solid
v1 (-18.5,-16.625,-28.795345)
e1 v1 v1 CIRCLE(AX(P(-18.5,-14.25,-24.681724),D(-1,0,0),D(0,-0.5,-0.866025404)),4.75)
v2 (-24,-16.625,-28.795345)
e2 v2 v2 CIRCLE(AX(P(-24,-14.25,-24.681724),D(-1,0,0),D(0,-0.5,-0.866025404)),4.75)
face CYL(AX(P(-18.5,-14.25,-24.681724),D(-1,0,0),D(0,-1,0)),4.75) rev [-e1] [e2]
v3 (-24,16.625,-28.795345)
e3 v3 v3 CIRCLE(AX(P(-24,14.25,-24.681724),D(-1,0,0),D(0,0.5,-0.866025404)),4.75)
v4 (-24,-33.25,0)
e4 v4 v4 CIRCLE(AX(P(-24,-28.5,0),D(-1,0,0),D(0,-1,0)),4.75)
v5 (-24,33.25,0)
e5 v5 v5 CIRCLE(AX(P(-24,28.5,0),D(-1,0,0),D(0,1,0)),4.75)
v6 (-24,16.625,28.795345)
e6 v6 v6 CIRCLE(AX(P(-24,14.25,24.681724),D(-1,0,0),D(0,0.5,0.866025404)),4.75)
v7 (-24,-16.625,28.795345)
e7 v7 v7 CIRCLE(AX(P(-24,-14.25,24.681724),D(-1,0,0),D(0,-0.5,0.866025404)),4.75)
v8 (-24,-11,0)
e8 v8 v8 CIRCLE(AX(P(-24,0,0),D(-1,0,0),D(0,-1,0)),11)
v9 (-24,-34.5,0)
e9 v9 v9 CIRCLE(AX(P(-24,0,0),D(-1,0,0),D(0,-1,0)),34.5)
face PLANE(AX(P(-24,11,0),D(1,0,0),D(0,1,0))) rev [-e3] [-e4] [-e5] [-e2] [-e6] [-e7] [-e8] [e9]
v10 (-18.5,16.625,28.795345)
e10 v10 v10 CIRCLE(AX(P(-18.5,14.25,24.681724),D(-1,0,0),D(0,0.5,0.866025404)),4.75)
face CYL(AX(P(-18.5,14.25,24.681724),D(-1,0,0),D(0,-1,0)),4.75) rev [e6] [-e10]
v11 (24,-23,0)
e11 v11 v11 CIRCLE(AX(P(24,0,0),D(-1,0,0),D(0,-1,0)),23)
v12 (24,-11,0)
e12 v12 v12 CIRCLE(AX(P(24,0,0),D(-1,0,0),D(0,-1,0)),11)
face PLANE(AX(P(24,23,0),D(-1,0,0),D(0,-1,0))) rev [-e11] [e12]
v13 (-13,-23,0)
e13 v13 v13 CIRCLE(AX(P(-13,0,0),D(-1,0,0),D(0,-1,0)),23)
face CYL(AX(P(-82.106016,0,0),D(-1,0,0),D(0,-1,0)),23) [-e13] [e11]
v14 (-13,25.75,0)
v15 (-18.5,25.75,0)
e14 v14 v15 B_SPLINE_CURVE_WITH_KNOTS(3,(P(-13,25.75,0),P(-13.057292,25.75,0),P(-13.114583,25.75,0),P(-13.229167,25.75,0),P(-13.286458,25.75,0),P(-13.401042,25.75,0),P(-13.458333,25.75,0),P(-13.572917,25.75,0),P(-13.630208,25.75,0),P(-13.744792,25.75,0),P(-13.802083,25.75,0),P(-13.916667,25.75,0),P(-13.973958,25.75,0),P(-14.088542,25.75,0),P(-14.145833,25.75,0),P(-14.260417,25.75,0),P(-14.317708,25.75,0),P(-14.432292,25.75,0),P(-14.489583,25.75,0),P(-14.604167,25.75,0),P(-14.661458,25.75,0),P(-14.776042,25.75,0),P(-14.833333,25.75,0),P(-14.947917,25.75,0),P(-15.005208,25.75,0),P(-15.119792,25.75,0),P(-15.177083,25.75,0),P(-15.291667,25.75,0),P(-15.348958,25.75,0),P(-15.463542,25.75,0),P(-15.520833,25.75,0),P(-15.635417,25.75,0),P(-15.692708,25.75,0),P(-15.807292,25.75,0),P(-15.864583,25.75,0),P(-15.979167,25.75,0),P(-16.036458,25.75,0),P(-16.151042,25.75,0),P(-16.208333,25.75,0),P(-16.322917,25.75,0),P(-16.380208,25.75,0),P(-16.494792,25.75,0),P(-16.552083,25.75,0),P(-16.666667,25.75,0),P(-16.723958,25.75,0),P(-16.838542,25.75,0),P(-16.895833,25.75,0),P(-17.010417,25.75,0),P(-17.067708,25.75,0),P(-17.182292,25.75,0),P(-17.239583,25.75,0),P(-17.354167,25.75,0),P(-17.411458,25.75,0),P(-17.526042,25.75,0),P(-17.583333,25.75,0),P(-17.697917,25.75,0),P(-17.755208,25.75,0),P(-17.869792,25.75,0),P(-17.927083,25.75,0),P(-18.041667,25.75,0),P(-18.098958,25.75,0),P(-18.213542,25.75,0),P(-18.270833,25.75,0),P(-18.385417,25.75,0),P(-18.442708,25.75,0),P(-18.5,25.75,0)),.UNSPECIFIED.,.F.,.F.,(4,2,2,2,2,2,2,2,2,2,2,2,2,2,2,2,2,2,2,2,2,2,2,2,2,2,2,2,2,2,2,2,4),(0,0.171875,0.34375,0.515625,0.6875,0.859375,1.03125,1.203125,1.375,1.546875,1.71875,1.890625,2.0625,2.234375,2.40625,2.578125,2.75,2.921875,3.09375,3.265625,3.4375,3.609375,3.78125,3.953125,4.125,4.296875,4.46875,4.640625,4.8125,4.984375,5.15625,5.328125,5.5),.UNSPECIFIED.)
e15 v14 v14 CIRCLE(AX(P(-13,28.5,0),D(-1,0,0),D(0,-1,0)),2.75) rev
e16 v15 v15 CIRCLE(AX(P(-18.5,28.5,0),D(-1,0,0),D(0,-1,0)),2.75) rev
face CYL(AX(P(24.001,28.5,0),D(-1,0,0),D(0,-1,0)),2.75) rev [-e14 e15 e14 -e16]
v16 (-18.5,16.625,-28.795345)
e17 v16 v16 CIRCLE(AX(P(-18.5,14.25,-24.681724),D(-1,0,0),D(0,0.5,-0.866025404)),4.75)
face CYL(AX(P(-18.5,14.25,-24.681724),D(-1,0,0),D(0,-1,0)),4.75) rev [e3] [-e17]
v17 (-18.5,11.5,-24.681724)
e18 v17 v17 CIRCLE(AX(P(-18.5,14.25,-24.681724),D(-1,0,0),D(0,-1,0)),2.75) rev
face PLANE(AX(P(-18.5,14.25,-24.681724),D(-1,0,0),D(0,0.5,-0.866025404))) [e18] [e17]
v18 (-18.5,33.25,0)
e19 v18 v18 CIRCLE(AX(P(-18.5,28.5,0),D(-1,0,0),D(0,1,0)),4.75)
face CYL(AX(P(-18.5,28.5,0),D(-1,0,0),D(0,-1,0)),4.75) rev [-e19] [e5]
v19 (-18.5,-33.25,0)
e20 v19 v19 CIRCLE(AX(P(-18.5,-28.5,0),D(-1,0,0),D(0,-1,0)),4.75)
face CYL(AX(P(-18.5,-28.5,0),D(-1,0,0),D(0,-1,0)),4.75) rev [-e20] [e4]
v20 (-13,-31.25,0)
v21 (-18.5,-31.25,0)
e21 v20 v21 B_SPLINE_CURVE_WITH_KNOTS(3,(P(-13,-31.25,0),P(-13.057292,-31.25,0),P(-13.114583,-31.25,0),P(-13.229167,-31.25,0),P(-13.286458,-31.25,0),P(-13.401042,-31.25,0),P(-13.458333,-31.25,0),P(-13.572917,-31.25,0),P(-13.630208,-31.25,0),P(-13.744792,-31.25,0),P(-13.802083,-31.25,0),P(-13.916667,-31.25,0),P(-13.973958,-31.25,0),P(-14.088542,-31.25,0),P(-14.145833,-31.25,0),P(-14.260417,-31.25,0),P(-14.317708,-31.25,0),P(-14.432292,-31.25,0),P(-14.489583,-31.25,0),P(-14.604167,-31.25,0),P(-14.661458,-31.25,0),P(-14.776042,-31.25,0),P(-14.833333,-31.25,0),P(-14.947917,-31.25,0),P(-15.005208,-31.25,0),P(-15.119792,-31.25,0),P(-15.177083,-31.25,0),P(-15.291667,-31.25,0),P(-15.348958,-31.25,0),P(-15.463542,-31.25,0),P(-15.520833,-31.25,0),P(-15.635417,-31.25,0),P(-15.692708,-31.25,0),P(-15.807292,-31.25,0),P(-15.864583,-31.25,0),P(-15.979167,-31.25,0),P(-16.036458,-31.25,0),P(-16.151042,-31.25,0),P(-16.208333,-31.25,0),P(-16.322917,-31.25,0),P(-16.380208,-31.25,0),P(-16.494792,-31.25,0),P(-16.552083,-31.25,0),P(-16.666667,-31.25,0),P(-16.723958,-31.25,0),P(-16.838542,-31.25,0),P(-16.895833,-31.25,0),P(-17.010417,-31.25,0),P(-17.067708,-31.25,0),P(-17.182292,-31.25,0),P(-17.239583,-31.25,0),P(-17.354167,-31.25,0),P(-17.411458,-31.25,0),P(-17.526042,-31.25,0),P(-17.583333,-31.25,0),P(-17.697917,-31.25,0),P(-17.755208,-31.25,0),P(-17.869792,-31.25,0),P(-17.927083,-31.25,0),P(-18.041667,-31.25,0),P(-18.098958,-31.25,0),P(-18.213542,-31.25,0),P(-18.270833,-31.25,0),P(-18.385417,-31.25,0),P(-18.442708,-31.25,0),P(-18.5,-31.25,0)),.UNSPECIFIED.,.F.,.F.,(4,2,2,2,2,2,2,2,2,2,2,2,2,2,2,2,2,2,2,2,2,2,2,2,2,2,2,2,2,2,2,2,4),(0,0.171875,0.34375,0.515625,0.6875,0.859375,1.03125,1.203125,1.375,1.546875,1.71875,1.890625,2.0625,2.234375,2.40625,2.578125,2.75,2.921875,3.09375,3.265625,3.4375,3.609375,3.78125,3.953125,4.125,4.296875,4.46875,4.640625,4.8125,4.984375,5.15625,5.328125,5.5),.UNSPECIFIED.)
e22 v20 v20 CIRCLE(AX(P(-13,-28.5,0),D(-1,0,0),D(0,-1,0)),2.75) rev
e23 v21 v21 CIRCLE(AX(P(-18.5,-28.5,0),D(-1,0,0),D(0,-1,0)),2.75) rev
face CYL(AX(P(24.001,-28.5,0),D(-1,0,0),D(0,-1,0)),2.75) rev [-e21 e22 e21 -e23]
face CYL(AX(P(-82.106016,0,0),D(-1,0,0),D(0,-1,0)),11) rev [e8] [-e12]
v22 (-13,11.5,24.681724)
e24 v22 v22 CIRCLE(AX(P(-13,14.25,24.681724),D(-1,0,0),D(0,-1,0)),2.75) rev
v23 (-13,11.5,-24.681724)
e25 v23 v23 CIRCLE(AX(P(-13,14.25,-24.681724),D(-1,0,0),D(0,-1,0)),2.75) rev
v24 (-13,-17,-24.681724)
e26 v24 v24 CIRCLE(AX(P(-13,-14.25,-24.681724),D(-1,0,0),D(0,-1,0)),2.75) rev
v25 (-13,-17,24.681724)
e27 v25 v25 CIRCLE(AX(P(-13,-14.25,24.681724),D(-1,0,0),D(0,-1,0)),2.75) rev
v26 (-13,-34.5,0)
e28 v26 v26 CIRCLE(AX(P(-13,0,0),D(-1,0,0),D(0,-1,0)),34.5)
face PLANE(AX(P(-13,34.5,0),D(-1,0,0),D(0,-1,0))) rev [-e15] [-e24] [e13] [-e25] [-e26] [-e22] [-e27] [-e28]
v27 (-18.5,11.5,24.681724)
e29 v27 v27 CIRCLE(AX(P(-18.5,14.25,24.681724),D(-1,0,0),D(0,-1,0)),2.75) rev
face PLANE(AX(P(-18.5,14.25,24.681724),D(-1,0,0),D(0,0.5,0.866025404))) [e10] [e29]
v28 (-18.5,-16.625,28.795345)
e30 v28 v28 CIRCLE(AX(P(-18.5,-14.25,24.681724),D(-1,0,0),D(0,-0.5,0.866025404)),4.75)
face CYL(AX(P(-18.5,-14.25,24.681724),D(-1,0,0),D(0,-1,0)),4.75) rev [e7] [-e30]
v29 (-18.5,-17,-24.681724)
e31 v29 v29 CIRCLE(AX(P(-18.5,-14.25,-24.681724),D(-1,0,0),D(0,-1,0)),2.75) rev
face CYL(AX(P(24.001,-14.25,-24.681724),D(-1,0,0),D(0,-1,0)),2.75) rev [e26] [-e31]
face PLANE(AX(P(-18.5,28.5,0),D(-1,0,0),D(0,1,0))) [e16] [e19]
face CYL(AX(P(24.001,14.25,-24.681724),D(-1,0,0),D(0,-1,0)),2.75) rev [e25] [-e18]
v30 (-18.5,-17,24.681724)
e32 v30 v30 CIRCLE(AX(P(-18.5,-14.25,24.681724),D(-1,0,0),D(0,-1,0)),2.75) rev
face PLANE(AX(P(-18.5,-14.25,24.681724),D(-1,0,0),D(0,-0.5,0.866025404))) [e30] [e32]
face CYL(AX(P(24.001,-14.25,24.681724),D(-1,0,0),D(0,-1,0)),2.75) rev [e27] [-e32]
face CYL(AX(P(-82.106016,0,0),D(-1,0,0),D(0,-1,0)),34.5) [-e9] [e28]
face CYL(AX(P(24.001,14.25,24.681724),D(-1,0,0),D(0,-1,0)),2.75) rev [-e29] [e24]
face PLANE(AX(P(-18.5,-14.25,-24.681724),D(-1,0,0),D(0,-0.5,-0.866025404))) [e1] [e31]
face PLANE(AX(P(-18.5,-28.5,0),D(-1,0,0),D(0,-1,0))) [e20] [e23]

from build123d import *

# Parameters (mm, degrees)
CUT_EXTRUDE1_REACH = 70.443
SKETCH2_R          = 2.75
SKETCH3_R          = 4.75
CUT_EXTRUDE2_DEPTH = 5.5
CIRPATTERN1_COUNT  = 6


with BuildPart() as part:
    # Sketch1 → Revolve1 (revolve)
    with BuildSketch(Plane.XY, mode=Mode.PRIVATE) as revolve1_sk:
        Polygon((-24, 34.5), (-13, 34.5), (-13, 23), (24, 23), (24, 11), (-24, 11), align=None)
    revolve(revolve1_sk.sketch.rotate(Axis((-82.106015927, 0, 0), (1, 0, 0)), 180), axis=Axis((-82.106015927, 0, 0), (1, 0, 0)))

    # Sketch2 → Cut-Extrude1 (cut, up to next)
    with BuildSketch(Plane.ZY.offset(24), mode=Mode.PRIVATE) as cut_extrude1_sk1:
        with Locations(Location((0, -28.5, 0), (0, 0, 270))):
            Circle(SKETCH2_R)
    cut_extrude1_tool1 = extrude(cut_extrude1_sk1.sketch, amount=-CUT_EXTRUDE1_REACH, mode=Mode.PRIVATE) & part.part
    cut_extrude1 = cut_extrude1_tool1.solids().sort_by_distance((-24, -28.5, 0))[0]
    add(cut_extrude1, mode=Mode.SUBTRACT)

    # Sketch3 → Cut-Extrude2 (cut)
    with BuildSketch(Plane.ZY.offset(24)):
        with Locations(Location((0, -28.5, 0), (0, 0, 270))):
            Circle(SKETCH3_R)
    cut_extrude2 = extrude(amount=-CUT_EXTRUDE2_DEPTH, mode=Mode.SUBTRACT)

    # CirPattern1: Cut-Extrude1, Cut-Extrude2 ×6 about axis
    cirpattern1_axis = Axis((0, 0, 0), (1, 0, 0))
    add([cut_extrude1.rotate(cirpattern1_axis, i * 360 / CIRPATTERN1_COUNT) for i in range(1, CIRPATTERN1_COUNT)], mode=Mode.SUBTRACT)
    add([cut_extrude2.rotate(cirpattern1_axis, i * 360 / CIRPATTERN1_COUNT) for i in range(1, CIRPATTERN1_COUNT)], mode=Mode.SUBTRACT)


solid = part.part
